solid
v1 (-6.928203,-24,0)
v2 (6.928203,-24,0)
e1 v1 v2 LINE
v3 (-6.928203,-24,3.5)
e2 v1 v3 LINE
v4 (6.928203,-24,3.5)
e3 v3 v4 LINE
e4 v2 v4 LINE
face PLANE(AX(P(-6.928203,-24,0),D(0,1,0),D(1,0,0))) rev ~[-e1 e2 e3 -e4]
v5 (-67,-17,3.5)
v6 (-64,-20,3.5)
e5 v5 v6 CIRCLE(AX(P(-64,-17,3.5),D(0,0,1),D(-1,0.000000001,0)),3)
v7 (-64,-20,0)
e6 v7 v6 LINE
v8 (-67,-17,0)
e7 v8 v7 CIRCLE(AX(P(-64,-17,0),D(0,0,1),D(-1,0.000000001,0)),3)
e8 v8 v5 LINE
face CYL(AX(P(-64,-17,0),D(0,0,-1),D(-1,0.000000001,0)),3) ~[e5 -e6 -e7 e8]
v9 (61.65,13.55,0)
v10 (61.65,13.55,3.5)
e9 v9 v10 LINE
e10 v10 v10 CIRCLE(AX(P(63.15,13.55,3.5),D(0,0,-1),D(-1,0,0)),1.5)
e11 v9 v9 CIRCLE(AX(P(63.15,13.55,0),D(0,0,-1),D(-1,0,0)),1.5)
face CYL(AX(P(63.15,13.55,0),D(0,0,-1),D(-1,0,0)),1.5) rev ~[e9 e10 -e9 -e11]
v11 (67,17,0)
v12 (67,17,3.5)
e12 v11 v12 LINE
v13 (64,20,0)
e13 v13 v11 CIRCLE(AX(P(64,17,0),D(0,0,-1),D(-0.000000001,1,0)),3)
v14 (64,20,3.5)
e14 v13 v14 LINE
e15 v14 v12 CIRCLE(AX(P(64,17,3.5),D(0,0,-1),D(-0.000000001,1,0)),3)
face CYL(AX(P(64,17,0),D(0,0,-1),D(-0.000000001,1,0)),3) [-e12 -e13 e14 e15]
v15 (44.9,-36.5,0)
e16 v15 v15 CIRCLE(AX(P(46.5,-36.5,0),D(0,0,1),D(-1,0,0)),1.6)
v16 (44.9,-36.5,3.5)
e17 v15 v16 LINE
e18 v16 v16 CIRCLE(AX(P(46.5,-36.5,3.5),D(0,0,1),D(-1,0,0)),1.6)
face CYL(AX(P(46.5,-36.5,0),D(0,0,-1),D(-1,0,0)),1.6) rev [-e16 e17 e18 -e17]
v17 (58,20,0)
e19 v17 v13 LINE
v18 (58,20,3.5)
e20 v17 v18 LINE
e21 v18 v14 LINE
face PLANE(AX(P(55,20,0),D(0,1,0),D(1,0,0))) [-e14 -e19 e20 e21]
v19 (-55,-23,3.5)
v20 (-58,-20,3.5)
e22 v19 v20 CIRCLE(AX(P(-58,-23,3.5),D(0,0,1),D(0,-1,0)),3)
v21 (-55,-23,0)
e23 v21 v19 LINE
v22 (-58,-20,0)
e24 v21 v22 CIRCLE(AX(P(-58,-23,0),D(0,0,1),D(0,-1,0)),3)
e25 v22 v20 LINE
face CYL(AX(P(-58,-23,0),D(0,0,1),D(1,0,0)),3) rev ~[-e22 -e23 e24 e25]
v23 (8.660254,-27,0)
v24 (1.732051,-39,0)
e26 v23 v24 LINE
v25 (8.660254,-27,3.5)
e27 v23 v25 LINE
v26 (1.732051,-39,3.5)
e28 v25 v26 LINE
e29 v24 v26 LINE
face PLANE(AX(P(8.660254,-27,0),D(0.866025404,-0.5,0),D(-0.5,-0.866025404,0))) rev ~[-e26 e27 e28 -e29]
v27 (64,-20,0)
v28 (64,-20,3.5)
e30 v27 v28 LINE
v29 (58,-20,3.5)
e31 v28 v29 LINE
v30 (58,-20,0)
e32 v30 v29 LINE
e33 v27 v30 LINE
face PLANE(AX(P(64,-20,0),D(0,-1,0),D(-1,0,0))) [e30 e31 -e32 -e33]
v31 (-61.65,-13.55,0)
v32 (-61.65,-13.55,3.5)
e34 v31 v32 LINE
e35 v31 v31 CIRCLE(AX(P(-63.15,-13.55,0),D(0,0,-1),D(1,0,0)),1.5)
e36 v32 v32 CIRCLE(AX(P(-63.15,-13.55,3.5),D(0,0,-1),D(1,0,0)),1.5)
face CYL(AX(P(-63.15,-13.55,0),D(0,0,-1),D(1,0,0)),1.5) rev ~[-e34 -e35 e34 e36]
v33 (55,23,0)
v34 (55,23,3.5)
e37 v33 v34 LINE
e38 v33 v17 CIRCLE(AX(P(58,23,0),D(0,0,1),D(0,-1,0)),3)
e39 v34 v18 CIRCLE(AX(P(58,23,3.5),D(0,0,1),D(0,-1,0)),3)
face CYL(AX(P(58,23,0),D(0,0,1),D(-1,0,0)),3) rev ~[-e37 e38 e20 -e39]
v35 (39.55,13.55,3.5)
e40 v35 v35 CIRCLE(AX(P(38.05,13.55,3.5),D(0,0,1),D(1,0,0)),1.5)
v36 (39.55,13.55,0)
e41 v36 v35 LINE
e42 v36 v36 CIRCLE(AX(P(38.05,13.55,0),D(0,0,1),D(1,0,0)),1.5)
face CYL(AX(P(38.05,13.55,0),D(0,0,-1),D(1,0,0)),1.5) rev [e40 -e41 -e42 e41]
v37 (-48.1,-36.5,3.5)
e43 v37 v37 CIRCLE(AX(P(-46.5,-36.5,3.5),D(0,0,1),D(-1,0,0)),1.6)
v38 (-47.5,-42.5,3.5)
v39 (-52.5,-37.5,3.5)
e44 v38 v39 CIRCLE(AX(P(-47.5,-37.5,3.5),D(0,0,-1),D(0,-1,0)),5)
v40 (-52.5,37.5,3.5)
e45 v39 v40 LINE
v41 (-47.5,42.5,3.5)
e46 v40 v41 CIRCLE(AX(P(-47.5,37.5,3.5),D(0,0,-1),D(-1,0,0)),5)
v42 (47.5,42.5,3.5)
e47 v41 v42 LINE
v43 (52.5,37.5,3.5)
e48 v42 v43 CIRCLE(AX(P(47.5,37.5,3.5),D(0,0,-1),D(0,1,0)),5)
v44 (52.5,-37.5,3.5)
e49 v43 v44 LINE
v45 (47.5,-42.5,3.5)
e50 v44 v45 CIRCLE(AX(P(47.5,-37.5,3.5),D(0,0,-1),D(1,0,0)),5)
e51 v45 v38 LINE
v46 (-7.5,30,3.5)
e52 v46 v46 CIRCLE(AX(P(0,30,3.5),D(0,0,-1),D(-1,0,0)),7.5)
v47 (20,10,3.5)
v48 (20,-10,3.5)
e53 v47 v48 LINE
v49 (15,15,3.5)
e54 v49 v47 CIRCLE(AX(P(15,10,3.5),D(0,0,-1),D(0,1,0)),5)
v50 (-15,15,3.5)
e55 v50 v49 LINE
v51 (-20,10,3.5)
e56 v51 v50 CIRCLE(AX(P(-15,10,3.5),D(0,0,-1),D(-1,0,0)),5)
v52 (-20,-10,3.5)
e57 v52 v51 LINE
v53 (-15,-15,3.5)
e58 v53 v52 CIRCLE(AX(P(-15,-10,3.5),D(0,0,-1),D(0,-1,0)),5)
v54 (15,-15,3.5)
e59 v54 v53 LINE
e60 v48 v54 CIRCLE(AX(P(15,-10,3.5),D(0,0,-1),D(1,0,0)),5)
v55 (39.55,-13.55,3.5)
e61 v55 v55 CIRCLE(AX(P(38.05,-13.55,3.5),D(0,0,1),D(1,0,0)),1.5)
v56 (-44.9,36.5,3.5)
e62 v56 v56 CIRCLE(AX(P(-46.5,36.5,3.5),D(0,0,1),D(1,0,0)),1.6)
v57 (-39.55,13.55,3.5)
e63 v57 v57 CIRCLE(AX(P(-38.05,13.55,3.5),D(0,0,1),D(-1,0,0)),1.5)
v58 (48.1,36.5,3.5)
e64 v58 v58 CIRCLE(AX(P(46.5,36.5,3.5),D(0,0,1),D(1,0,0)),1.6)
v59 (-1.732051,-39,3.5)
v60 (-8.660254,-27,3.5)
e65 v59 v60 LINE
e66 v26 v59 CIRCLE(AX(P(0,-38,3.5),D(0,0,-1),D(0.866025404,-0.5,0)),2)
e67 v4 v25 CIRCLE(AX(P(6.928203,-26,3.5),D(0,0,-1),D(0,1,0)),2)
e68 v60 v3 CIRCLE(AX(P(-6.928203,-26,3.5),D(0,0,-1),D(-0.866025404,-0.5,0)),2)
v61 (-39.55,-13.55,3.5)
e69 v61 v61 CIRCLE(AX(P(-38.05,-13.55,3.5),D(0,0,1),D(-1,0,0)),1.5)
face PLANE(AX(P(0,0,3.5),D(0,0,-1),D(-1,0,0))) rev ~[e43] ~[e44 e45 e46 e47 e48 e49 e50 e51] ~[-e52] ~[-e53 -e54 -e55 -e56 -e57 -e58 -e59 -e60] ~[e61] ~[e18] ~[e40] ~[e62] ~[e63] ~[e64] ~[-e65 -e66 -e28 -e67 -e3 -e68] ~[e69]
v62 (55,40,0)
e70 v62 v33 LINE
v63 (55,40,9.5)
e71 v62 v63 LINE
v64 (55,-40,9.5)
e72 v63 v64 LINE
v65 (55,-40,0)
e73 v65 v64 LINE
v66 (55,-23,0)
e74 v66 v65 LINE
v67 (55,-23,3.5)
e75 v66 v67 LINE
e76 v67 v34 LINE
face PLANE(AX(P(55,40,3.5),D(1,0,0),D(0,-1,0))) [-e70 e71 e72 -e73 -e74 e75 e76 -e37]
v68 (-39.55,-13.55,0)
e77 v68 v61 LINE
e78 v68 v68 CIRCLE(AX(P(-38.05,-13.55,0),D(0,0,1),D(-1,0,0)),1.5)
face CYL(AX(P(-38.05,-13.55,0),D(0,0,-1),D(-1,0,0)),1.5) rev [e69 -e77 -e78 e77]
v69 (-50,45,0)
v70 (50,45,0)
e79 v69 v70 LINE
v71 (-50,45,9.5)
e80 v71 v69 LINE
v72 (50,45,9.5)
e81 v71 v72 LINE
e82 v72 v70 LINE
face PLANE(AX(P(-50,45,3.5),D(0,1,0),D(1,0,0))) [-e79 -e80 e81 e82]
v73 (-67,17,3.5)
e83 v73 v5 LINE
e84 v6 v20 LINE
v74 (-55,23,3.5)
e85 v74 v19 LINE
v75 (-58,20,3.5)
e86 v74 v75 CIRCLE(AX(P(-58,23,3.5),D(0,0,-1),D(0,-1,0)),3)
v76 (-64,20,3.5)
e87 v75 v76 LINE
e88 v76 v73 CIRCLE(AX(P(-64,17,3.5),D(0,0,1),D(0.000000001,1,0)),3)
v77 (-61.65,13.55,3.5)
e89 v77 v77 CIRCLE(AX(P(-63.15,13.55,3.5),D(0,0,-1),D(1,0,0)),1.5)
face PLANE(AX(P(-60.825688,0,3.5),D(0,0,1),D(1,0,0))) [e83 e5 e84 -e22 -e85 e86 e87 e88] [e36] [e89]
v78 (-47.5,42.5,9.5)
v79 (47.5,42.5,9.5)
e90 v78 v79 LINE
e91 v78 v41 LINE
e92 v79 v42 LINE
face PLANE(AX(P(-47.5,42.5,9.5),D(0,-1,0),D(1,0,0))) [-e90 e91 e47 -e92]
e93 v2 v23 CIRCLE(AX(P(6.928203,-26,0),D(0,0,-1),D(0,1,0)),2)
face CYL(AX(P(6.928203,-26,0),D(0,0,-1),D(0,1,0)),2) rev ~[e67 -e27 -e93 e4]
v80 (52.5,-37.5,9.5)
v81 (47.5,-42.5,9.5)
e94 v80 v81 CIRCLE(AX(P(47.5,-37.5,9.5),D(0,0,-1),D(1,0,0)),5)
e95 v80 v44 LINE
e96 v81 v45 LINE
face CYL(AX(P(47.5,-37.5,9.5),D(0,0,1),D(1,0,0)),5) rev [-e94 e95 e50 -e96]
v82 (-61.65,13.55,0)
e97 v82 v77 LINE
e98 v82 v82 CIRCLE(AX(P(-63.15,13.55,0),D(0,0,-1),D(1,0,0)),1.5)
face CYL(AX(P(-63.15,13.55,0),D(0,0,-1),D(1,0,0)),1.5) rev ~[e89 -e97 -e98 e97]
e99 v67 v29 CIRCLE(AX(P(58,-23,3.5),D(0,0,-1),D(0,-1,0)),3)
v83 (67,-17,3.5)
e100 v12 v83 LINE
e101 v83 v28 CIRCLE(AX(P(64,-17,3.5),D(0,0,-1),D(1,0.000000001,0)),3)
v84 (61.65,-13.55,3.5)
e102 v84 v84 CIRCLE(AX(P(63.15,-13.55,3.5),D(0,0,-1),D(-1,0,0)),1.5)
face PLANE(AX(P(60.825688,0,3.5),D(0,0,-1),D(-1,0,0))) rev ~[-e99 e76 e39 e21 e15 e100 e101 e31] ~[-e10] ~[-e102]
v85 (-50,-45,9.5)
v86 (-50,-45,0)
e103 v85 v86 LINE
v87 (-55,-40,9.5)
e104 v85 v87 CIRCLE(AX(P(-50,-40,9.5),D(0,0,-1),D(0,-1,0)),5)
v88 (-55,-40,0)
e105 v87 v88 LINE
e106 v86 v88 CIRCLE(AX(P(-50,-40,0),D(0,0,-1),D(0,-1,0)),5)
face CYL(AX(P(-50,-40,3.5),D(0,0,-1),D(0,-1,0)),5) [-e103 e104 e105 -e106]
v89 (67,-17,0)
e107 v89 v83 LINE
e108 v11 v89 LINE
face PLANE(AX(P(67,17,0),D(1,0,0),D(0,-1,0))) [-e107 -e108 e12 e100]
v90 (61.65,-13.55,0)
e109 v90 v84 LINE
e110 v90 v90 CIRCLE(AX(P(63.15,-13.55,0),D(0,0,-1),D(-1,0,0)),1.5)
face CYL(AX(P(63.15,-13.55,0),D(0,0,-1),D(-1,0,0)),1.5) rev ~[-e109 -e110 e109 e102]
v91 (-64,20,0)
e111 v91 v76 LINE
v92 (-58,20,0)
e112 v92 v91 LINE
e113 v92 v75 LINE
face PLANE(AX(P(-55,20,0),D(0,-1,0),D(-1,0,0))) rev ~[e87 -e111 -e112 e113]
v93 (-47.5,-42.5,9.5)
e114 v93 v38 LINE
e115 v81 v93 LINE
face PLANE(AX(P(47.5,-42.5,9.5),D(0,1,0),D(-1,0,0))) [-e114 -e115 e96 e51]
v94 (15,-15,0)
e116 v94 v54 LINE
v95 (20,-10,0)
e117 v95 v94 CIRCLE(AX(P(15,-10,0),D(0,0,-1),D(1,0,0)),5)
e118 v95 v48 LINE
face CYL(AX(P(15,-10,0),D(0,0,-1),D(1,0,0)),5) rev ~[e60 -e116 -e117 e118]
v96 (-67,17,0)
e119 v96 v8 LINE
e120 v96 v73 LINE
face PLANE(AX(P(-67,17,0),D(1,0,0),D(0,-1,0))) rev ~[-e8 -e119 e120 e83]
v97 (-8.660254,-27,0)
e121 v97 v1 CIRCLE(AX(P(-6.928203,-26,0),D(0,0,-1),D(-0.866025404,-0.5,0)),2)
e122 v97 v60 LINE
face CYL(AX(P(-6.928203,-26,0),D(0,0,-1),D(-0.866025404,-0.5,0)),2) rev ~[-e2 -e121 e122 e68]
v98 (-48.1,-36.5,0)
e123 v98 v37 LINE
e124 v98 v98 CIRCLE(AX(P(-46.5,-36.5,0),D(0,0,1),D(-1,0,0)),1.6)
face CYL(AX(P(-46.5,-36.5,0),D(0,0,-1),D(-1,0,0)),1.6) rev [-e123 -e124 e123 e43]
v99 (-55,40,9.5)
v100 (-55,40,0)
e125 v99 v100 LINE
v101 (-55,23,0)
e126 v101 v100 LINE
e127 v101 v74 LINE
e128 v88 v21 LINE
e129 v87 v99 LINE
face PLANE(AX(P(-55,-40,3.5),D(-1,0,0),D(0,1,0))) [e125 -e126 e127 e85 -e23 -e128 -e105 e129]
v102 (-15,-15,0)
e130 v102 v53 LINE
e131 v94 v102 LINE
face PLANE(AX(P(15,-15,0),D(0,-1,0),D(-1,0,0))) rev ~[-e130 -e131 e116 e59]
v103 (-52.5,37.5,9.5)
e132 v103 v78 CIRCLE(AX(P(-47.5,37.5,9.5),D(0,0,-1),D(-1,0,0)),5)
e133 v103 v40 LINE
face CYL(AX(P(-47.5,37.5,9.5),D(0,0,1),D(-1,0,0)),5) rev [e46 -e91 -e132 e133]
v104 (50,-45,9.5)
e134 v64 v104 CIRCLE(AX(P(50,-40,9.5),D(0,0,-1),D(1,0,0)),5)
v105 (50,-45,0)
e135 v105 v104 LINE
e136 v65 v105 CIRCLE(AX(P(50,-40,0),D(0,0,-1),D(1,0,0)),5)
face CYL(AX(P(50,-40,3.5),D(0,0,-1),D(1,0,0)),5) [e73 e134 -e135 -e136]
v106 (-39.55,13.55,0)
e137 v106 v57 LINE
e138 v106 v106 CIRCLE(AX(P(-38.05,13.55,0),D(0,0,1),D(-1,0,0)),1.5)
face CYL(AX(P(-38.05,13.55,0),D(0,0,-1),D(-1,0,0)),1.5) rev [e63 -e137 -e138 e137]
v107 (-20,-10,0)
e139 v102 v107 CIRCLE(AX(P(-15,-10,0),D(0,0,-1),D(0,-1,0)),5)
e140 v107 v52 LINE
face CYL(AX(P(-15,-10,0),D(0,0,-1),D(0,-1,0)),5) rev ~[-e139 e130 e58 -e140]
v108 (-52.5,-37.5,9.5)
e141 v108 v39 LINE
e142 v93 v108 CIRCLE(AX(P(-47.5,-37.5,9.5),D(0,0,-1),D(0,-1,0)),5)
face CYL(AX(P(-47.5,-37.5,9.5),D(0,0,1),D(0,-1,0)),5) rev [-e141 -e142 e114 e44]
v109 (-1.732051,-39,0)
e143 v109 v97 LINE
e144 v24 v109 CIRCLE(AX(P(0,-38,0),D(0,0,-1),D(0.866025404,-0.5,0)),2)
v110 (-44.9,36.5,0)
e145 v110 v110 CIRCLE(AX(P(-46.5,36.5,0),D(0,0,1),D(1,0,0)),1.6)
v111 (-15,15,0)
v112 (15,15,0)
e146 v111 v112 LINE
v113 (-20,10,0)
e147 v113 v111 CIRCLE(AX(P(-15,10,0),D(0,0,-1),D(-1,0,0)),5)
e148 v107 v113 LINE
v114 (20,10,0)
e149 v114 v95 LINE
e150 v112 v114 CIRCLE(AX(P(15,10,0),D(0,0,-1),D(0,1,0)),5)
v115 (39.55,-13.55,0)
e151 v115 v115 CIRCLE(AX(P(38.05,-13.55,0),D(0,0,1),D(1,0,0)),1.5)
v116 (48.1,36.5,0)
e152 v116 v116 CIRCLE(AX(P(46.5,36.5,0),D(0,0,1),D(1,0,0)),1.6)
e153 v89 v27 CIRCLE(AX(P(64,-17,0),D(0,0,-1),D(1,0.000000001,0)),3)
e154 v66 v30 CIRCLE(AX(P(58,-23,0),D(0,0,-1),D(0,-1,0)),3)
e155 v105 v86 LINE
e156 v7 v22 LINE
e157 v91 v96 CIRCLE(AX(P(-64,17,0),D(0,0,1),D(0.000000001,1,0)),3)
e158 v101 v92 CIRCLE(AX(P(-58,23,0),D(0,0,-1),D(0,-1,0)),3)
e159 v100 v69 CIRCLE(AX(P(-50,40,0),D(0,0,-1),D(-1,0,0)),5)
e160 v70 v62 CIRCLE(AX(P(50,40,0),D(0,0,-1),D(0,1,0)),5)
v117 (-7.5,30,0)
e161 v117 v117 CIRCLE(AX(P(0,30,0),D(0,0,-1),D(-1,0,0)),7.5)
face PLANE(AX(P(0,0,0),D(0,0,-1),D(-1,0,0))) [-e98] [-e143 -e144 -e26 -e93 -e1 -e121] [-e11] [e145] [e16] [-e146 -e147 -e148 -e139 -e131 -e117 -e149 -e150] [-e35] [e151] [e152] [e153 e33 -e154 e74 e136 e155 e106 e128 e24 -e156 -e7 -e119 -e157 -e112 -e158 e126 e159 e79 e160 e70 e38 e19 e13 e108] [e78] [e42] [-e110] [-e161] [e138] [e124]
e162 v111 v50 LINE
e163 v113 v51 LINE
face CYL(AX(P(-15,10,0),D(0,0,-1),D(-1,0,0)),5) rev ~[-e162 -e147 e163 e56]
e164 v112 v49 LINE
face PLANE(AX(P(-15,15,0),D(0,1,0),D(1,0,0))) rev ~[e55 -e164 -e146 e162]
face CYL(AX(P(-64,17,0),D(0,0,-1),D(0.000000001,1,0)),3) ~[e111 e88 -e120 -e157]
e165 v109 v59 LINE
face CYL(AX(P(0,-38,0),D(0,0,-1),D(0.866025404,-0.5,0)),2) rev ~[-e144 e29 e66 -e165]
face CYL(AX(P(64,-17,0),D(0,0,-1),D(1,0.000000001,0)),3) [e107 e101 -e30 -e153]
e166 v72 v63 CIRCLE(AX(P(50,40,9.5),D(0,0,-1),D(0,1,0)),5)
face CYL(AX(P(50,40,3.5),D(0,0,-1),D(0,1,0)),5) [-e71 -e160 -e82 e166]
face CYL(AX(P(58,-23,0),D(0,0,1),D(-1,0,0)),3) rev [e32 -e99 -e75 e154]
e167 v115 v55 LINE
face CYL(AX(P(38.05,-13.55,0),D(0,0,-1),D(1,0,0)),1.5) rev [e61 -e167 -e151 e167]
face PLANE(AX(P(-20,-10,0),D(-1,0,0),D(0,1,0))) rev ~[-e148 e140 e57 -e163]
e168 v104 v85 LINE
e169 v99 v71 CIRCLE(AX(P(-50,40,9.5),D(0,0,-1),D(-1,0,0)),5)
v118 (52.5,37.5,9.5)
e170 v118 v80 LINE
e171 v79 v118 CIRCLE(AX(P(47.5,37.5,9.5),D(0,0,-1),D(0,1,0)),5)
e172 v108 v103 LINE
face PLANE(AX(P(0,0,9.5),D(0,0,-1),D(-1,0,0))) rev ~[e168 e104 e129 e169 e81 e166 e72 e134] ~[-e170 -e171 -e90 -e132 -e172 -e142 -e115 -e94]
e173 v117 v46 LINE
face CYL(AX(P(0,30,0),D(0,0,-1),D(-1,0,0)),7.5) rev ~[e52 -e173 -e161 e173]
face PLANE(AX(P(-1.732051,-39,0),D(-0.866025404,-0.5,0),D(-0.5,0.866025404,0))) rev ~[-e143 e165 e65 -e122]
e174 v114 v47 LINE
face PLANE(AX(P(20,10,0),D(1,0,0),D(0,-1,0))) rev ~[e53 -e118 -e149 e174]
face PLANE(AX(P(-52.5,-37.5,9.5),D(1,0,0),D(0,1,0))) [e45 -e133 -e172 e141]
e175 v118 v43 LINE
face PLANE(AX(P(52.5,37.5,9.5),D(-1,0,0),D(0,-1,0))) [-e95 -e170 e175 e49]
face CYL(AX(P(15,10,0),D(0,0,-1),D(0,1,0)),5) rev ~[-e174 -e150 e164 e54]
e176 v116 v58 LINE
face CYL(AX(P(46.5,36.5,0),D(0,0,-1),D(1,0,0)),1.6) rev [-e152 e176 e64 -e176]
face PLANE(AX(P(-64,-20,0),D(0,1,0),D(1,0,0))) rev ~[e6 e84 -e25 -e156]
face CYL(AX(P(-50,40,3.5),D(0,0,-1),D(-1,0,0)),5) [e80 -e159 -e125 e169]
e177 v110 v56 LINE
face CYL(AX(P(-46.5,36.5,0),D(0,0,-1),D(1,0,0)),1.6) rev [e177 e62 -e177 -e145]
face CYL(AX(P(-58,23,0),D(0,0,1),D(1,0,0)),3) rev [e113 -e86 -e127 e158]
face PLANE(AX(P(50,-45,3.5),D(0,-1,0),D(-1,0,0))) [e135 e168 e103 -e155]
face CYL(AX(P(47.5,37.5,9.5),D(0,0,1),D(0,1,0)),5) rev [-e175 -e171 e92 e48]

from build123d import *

# Parameters (mm, degrees)
SKETCH1_R           = 1.6
SKETCH1_R_2         = 1.5
BOSS_EXTRUDE1_DEPTH = 3.5
SKETCH2_R           = 7.5
CUT_EXTRUDE1_DEPTH  = 10
BOSS_EXTRUDE2_DEPTH = 6
CUT_EXTRUDE2_DEPTH  = 6
SKETCH5_R           = 1.5
BOSS_EXTRUDE3_DEPTH = 3.5
FILLET1_R           = 3


with BuildPart() as part:
    # Sketch1 → Boss-Extrude1 (new body)
    with BuildSketch(Plane.XY):
        with BuildLine():
            Line((50, -45), (-50, -45))
            ThreePointArc((-50, -45), (-53.535533906, -43.535533906), (-55, -40))
            Line((-55, -40), (-55, 40))
            ThreePointArc((-55, 40), (-53.535533906, 43.535533906), (-50, 45))
            Line((-50, 45), (50, 45))
            ThreePointArc((50, 45), (53.535533906, 43.535533906), (55, 40))
            Line((55, 40), (55, -40))
            ThreePointArc((55, -40), (53.535533906, -43.535533906), (50, -45))
        make_face()
        with Locations((-46.5, 36.5)):
            Circle(SKETCH1_R, mode=Mode.SUBTRACT)
        with Locations((46.5, 36.5)):
            Circle(SKETCH1_R, mode=Mode.SUBTRACT)
        with Locations(Location((46.5, -36.5, 0), (0, 0, 180))):
            Circle(SKETCH1_R, mode=Mode.SUBTRACT)
        with Locations(Location((-46.5, -36.5, 0), (0, 0, 180))):
            Circle(SKETCH1_R, mode=Mode.SUBTRACT)
        with Locations((38.05, 13.55)):
            Circle(SKETCH1_R_2, mode=Mode.SUBTRACT)
        with Locations((38.05, -13.55)):
            Circle(SKETCH1_R_2, mode=Mode.SUBTRACT)
        with Locations(Location((-38.05, -13.55, 0), (0, 0, 180))):
            Circle(SKETCH1_R_2, mode=Mode.SUBTRACT)
        with Locations(Location((-38.05, 13.55, 0), (0, 0, 180))):
            Circle(SKETCH1_R_2, mode=Mode.SUBTRACT)
    extrude(amount=BOSS_EXTRUDE1_DEPTH)

    # Sketch2 → Cut-Extrude1 (cut)
    with BuildSketch(Plane(origin=(0, 0, 0), x_dir=(-1, 0, 0), z_dir=(0, 0, -1))):
        with Locations((0, 30)):
            Circle(SKETCH2_R)
        with BuildLine():
            Line((-15, -15), (15, -15))
            ThreePointArc((15, -15), (18.535533906, -13.535533906), (20, -10))
            Line((20, -10), (20, 10))
            ThreePointArc((20, 10), (18.535533906, 13.535533906), (15, 15))
            Line((15, 15), (-15, 15))
            ThreePointArc((-15, 15), (-18.535533906, 13.535533906), (-20, 10))
            Line((-20, 10), (-20, -10))
            ThreePointArc((-20, -10), (-18.535533906, -13.535533906), (-15, -15))
        make_face()
        with BuildLine():
            Line((1.732050808, -39), (8.660254038, -27))
            ThreePointArc((8.660254038, -27), (8.660254038, -25), (6.92820323, -24))
            Line((6.92820323, -24), (-6.92820323, -24))
            ThreePointArc((-6.92820323, -24), (-8.660254038, -25), (-8.660254038, -27))
            Line((-8.660254038, -27), (-1.732050808, -39))
            ThreePointArc((-1.732050808, -39), (0, -40), (1.732050808, -39))
        make_face()
    extrude(amount=-CUT_EXTRUDE1_DEPTH, mode=Mode.SUBTRACT)

    # Sketch3 → Boss-Extrude2 (add)
    with BuildSketch(Plane.XY.offset(3.5)):
        with BuildLine():
            Line((50, -45), (-50, -45))
            ThreePointArc((-50, -45), (-53.535533906, -43.535533906), (-55, -40))
            Line((-55, -40), (-55, 40))
            ThreePointArc((-55, 40), (-53.535533906, 43.535533906), (-50, 45))
            Line((-50, 45), (50, 45))
            ThreePointArc((50, 45), (53.535533906, 43.535533906), (55, 40))
            Line((55, 40), (55, -40))
            ThreePointArc((55, -40), (53.535533906, -43.535533906), (50, -45))
        make_face()
    extrude(amount=BOSS_EXTRUDE2_DEPTH)

    # Sketch4 → Cut-Extrude2 (cut)
    with BuildSketch(Plane.XY.offset(9.5)):
        with BuildLine():
            Line((47.5, -42.5), (-47.5, -42.5))
            ThreePointArc((-47.5, -42.5), (-51.035533906, -41.035533906), (-52.5, -37.5))
            Line((-52.5, -37.5), (-52.5, 37.5))
            ThreePointArc((-52.5, 37.5), (-51.035533906, 41.035533906), (-47.5, 42.5))
            Line((-47.5, 42.5), (47.5, 42.5))
            ThreePointArc((47.5, 42.5), (51.035533906, 41.035533906), (52.5, 37.5))
            Line((52.5, 37.5), (52.5, -37.5))
            ThreePointArc((52.5, -37.5), (51.035533906, -41.035533906), (47.5, -42.5))
        make_face()
    extrude(amount=-CUT_EXTRUDE2_DEPTH, mode=Mode.SUBTRACT)

    # Sketch5 → Boss-Extrude3 (add)
    # profile 1 of 2: a face of its own
    with BuildSketch(Plane(origin=(0, 0, 0), x_dir=(-1, 0, 0), z_dir=(0, 0, -1))):
        with BuildLine():
            Line((-55, 20), (-64, 20))
            ThreePointArc((-64, 20), (-66.121320344, 19.121320344), (-67, 17))
            Line((-67, 17), (-67, -17))
            ThreePointArc((-67, -17), (-66.121320344, -19.121320344), (-64, -20))
            Line((-64, -20), (-55, -20))
            Line((-55, -20), (-55, 20))
        make_face()
        with Locations((-63.15, 13.55)):
            Circle(SKETCH5_R, mode=Mode.SUBTRACT)
        with Locations((-63.15, -13.55)):
            Circle(SKETCH5_R, mode=Mode.SUBTRACT)
    # profile 2 of 2: a face of its own
    with BuildSketch(Plane(origin=(0, 0, 0), x_dir=(-1, 0, 0), z_dir=(0, 0, -1))):
        with BuildLine():
            Line((64, -20), (55, -20))
            Line((55, -20), (55, 20))
            Line((55, 20), (64, 20))
            ThreePointArc((64, 20), (66.121320344, 19.121320344), (67, 17))
            Line((67, 17), (67, -17))
            ThreePointArc((67, -17), (66.121320344, -19.121320344), (64, -20))
        make_face()
        with Locations(Location((63.15, -13.55, 0), (0, 0, 180))):
            Circle(SKETCH5_R, mode=Mode.SUBTRACT)
        with Locations(Location((63.15, 13.55, 0), (0, 0, 180))):
            Circle(SKETCH5_R, mode=Mode.SUBTRACT)
    extrude(amount=-BOSS_EXTRUDE3_DEPTH)

    # Fillet1
    fillet1_edges = [part.edges().sort_by_distance(p)[0] for p in [
        (55, 20, 1.75),
        (55, -20, 1.75),
        (-55, -20, 1.75),
        (-55, 20, 1.75),
    ]]
    fillet(fillet1_edges, radius=FILLET1_R)


solid = part.part
